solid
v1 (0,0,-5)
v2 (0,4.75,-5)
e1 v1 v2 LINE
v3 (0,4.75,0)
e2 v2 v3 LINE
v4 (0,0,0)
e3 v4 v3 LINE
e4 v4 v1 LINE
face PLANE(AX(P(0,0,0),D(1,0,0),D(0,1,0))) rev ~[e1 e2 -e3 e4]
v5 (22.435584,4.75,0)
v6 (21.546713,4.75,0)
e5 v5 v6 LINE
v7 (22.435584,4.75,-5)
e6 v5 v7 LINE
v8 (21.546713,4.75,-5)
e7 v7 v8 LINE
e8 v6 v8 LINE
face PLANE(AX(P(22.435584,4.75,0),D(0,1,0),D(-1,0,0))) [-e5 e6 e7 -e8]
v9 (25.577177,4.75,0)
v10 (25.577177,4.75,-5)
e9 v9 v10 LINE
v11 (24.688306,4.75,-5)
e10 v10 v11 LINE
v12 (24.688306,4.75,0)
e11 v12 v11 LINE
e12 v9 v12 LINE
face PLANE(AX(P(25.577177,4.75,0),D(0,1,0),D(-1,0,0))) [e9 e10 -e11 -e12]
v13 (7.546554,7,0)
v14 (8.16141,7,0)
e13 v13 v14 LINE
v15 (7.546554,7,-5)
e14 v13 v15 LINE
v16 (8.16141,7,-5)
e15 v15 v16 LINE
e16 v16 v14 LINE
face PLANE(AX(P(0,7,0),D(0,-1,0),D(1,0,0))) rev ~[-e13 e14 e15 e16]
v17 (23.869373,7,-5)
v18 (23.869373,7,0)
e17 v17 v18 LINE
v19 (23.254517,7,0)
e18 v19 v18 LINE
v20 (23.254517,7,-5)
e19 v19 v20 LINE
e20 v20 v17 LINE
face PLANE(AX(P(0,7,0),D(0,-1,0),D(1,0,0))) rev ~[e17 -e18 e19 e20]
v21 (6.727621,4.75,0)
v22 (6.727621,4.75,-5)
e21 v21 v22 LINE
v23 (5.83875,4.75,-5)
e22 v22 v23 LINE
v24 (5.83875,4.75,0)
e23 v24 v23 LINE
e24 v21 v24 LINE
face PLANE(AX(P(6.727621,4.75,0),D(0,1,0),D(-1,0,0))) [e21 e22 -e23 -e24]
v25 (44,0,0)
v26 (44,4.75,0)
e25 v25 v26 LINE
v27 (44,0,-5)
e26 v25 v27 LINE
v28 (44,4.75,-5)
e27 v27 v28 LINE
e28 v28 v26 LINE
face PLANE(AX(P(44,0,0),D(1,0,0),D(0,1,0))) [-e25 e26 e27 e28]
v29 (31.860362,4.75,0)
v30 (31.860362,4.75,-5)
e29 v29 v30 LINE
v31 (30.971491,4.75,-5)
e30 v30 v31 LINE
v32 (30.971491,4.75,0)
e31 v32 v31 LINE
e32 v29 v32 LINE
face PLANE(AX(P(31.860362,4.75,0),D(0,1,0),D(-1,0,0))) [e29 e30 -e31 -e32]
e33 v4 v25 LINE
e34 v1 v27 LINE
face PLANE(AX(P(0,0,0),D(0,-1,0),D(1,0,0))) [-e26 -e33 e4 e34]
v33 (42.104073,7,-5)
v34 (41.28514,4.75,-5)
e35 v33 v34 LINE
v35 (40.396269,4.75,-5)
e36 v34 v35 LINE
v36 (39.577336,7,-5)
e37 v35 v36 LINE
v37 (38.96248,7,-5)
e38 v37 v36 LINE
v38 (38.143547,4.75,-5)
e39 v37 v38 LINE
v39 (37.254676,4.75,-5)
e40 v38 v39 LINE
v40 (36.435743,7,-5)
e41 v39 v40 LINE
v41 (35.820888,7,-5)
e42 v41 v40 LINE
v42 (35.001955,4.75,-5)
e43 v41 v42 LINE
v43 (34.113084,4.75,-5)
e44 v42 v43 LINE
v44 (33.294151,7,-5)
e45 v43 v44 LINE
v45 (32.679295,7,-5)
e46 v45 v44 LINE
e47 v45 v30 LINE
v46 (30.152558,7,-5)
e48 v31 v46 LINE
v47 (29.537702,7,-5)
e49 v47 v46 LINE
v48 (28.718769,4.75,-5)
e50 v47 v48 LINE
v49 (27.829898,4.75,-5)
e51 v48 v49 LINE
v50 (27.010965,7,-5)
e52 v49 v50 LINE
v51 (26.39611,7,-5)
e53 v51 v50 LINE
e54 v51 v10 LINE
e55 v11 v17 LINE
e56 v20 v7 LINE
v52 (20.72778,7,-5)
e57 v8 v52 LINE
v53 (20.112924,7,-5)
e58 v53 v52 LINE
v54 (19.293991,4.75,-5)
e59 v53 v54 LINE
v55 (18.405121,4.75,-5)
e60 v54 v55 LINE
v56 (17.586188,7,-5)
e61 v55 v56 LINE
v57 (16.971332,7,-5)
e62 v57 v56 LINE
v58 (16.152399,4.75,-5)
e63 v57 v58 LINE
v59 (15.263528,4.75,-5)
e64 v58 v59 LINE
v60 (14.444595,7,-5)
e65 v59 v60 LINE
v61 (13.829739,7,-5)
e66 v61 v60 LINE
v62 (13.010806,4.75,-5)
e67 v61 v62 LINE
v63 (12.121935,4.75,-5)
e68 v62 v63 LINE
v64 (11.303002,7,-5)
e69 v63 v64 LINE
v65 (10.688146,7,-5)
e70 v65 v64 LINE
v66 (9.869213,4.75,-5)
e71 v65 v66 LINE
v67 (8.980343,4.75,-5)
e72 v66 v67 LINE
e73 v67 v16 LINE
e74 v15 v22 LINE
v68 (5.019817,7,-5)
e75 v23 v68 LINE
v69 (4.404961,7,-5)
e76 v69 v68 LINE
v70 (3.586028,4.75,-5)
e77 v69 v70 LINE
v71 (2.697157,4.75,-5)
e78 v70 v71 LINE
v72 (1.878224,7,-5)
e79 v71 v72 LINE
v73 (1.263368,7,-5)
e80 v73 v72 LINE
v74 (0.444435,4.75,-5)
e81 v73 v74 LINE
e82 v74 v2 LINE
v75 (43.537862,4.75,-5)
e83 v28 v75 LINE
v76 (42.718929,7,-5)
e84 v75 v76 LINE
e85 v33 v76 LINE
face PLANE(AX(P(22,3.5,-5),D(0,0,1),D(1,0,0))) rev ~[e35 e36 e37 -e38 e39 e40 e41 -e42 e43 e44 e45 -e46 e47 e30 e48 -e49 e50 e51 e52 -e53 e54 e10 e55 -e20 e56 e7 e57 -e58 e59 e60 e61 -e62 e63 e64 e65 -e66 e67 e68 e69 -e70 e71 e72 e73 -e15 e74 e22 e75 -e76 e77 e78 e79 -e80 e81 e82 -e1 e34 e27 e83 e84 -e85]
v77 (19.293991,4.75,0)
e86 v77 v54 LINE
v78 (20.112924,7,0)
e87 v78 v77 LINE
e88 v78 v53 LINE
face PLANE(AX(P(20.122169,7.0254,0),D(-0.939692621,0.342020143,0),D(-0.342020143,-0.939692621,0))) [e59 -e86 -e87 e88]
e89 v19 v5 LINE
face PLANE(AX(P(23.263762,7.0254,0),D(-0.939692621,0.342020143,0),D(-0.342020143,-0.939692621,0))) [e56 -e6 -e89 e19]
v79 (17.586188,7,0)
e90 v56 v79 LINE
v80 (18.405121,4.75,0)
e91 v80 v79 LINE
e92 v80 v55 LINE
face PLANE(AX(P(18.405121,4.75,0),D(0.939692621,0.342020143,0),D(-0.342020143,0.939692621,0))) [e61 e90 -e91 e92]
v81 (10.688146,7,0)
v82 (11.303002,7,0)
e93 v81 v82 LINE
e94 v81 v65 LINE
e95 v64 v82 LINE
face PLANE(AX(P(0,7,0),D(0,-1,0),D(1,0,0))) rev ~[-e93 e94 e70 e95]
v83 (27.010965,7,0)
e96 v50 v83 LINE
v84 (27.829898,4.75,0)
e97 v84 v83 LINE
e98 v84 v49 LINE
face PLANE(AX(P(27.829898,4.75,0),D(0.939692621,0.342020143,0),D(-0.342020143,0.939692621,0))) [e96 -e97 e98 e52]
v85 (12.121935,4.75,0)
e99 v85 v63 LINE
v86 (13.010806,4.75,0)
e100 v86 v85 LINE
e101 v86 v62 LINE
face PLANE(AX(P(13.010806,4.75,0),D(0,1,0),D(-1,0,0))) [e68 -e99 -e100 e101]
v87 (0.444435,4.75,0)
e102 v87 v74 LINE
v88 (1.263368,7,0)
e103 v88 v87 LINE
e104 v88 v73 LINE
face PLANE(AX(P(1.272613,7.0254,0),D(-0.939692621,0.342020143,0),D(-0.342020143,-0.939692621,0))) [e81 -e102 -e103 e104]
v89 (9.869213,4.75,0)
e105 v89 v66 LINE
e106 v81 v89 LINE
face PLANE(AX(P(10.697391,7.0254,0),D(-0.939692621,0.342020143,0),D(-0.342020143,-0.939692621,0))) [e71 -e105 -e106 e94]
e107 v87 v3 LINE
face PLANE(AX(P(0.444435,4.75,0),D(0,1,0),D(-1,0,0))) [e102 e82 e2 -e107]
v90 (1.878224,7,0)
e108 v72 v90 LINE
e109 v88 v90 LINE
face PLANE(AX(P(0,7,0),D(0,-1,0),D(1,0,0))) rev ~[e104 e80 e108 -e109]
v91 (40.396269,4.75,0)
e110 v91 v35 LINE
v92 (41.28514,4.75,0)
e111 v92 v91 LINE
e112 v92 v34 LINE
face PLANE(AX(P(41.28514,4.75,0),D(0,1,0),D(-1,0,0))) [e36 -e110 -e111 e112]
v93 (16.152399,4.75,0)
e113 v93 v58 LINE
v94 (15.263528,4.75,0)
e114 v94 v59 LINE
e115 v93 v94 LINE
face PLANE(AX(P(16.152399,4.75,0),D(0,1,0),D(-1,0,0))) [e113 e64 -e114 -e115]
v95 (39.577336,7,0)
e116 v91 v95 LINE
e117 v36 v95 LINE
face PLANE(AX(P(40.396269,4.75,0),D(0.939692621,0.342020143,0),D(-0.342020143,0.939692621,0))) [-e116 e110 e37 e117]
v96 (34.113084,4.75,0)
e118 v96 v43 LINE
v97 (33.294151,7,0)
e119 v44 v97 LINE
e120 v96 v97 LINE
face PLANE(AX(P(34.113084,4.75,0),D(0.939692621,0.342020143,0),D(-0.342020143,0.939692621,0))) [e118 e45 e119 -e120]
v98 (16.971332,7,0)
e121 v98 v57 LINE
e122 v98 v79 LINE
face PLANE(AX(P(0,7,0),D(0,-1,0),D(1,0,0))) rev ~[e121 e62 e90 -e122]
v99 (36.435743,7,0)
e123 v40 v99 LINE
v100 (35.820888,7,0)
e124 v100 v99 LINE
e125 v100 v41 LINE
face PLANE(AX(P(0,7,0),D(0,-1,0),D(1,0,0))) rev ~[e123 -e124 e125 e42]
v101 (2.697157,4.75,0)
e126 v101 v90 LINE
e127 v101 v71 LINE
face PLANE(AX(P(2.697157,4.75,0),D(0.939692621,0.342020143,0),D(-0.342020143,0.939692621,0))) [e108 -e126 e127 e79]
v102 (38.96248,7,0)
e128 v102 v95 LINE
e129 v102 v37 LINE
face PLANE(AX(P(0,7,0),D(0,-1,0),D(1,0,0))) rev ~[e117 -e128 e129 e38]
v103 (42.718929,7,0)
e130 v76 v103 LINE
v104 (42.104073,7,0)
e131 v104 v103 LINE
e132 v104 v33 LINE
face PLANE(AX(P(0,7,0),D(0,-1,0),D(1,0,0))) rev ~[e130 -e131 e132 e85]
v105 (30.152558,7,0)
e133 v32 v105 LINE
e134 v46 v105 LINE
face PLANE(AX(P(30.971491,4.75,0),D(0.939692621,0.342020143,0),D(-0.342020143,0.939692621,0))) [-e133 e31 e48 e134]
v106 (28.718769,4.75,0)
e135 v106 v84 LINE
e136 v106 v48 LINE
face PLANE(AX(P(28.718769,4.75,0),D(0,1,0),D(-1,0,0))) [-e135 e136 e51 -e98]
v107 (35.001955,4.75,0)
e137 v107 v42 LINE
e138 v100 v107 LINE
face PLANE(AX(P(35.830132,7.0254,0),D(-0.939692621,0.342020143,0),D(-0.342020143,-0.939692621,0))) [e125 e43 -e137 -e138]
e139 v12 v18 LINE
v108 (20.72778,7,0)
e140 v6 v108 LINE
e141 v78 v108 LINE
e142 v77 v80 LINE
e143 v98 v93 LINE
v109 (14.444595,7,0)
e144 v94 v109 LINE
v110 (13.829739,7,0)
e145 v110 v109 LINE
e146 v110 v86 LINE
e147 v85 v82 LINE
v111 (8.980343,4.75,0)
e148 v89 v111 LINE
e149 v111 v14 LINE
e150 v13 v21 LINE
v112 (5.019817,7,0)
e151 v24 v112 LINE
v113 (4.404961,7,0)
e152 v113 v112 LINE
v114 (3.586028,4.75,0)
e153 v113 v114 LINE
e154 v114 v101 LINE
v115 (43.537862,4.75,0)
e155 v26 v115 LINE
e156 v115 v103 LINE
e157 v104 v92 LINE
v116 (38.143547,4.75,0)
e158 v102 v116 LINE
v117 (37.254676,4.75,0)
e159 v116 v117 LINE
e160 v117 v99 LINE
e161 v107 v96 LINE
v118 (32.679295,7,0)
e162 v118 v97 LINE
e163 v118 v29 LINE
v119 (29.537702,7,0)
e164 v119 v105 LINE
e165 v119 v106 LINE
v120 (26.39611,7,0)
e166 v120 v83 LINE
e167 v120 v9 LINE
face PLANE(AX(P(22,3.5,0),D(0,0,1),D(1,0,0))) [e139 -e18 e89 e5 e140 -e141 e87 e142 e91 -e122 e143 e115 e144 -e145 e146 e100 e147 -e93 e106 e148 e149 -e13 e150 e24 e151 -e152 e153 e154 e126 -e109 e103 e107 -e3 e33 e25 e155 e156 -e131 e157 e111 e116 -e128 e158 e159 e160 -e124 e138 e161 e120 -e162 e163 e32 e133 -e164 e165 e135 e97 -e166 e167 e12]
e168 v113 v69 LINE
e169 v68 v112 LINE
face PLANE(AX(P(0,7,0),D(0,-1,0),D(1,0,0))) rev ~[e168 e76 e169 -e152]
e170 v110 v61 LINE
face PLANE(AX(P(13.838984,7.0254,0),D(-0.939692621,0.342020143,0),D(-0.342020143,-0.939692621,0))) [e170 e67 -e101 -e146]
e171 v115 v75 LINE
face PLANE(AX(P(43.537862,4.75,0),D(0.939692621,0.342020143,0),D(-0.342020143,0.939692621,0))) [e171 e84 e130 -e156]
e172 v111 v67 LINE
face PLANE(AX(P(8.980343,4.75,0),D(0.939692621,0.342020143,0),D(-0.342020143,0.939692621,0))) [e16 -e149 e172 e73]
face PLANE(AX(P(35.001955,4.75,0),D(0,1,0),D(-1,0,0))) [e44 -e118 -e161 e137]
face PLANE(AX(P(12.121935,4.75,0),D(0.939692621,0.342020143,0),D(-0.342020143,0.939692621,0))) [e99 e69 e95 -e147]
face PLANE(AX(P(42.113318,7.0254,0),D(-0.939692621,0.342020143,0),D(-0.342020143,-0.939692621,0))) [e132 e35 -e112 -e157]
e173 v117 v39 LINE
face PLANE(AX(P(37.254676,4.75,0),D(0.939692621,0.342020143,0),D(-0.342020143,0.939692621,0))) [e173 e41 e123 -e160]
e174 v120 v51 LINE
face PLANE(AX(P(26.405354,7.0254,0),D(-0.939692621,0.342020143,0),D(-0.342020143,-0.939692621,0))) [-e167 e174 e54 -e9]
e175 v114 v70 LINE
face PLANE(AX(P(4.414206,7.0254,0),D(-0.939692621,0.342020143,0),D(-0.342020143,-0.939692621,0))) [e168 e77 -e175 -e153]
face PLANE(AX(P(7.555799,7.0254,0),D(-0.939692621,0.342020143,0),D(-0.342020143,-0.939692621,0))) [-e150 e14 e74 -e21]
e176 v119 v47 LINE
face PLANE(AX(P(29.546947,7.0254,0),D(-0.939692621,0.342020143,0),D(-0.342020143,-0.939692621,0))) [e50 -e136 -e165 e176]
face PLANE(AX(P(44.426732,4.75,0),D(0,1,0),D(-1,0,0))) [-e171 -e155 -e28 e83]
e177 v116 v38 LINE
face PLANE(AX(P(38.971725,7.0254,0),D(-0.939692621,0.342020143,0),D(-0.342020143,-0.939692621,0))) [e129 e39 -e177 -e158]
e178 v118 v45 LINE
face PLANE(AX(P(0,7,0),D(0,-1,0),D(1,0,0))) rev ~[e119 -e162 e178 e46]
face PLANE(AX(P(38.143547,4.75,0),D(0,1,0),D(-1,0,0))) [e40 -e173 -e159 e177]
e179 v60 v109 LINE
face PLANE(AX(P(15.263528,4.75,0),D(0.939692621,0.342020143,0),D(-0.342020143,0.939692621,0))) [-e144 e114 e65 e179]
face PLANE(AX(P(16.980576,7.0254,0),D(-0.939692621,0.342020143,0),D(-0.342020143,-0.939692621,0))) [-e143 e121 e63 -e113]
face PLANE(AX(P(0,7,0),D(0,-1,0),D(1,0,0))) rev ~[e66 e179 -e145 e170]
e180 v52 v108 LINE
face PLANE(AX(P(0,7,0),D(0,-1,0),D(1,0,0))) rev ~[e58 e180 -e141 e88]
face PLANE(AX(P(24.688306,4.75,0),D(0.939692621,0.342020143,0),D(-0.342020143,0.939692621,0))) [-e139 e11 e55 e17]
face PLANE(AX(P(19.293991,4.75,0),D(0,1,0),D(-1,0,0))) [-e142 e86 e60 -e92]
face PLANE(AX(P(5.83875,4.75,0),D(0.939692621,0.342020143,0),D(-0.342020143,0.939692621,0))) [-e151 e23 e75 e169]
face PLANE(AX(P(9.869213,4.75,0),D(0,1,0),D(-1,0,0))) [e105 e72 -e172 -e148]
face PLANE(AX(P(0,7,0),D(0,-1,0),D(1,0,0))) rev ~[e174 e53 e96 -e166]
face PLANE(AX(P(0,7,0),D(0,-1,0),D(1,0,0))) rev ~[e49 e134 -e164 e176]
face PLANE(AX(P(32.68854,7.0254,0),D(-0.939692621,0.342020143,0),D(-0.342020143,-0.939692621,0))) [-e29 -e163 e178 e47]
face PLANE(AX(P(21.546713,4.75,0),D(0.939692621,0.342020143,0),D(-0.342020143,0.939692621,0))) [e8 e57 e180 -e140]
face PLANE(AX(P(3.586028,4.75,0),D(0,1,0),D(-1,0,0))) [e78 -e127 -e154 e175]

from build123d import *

# Parameters (mm, degrees)
BLANKSKE_W        = 44
BLANKSKE_H        = 7
BLANK_DEPTH       = 5
TOOTHCUTSIM_DEPTH = 45.833023543
TEETHCUTS_COUNT   = 33
TEETHCUTS_PITCH   = 3.14159265


with BuildPart() as part:
    # BlankSke → Blank (new body)
    with BuildSketch(Plane.XY):
        with Locations((22, 3.5)):
            Rectangle(BLANKSKE_W, BLANKSKE_H)
    extrude(amount=-BLANK_DEPTH)

    # TooCutSkeSim → ToothCutSim (cut, through all)
    with BuildSketch(Plane.XY):
        Polygon((0.44443537, 4.75), (-0.44443537, 4.75), (-1.272613241, 7.0254), (1.272613241, 7.0254), align=None)
    toothcutsim = extrude(amount=-TOOTHCUTSIM_DEPTH, mode=Mode.SUBTRACT)

    # TeethCuts: ToothCutSim ×33
    with Locations(*[(i * TEETHCUTS_PITCH, 0, 0) for i in range(1, TEETHCUTS_COUNT)]):
        add(toothcutsim, mode=Mode.SUBTRACT)


solid = part.part
